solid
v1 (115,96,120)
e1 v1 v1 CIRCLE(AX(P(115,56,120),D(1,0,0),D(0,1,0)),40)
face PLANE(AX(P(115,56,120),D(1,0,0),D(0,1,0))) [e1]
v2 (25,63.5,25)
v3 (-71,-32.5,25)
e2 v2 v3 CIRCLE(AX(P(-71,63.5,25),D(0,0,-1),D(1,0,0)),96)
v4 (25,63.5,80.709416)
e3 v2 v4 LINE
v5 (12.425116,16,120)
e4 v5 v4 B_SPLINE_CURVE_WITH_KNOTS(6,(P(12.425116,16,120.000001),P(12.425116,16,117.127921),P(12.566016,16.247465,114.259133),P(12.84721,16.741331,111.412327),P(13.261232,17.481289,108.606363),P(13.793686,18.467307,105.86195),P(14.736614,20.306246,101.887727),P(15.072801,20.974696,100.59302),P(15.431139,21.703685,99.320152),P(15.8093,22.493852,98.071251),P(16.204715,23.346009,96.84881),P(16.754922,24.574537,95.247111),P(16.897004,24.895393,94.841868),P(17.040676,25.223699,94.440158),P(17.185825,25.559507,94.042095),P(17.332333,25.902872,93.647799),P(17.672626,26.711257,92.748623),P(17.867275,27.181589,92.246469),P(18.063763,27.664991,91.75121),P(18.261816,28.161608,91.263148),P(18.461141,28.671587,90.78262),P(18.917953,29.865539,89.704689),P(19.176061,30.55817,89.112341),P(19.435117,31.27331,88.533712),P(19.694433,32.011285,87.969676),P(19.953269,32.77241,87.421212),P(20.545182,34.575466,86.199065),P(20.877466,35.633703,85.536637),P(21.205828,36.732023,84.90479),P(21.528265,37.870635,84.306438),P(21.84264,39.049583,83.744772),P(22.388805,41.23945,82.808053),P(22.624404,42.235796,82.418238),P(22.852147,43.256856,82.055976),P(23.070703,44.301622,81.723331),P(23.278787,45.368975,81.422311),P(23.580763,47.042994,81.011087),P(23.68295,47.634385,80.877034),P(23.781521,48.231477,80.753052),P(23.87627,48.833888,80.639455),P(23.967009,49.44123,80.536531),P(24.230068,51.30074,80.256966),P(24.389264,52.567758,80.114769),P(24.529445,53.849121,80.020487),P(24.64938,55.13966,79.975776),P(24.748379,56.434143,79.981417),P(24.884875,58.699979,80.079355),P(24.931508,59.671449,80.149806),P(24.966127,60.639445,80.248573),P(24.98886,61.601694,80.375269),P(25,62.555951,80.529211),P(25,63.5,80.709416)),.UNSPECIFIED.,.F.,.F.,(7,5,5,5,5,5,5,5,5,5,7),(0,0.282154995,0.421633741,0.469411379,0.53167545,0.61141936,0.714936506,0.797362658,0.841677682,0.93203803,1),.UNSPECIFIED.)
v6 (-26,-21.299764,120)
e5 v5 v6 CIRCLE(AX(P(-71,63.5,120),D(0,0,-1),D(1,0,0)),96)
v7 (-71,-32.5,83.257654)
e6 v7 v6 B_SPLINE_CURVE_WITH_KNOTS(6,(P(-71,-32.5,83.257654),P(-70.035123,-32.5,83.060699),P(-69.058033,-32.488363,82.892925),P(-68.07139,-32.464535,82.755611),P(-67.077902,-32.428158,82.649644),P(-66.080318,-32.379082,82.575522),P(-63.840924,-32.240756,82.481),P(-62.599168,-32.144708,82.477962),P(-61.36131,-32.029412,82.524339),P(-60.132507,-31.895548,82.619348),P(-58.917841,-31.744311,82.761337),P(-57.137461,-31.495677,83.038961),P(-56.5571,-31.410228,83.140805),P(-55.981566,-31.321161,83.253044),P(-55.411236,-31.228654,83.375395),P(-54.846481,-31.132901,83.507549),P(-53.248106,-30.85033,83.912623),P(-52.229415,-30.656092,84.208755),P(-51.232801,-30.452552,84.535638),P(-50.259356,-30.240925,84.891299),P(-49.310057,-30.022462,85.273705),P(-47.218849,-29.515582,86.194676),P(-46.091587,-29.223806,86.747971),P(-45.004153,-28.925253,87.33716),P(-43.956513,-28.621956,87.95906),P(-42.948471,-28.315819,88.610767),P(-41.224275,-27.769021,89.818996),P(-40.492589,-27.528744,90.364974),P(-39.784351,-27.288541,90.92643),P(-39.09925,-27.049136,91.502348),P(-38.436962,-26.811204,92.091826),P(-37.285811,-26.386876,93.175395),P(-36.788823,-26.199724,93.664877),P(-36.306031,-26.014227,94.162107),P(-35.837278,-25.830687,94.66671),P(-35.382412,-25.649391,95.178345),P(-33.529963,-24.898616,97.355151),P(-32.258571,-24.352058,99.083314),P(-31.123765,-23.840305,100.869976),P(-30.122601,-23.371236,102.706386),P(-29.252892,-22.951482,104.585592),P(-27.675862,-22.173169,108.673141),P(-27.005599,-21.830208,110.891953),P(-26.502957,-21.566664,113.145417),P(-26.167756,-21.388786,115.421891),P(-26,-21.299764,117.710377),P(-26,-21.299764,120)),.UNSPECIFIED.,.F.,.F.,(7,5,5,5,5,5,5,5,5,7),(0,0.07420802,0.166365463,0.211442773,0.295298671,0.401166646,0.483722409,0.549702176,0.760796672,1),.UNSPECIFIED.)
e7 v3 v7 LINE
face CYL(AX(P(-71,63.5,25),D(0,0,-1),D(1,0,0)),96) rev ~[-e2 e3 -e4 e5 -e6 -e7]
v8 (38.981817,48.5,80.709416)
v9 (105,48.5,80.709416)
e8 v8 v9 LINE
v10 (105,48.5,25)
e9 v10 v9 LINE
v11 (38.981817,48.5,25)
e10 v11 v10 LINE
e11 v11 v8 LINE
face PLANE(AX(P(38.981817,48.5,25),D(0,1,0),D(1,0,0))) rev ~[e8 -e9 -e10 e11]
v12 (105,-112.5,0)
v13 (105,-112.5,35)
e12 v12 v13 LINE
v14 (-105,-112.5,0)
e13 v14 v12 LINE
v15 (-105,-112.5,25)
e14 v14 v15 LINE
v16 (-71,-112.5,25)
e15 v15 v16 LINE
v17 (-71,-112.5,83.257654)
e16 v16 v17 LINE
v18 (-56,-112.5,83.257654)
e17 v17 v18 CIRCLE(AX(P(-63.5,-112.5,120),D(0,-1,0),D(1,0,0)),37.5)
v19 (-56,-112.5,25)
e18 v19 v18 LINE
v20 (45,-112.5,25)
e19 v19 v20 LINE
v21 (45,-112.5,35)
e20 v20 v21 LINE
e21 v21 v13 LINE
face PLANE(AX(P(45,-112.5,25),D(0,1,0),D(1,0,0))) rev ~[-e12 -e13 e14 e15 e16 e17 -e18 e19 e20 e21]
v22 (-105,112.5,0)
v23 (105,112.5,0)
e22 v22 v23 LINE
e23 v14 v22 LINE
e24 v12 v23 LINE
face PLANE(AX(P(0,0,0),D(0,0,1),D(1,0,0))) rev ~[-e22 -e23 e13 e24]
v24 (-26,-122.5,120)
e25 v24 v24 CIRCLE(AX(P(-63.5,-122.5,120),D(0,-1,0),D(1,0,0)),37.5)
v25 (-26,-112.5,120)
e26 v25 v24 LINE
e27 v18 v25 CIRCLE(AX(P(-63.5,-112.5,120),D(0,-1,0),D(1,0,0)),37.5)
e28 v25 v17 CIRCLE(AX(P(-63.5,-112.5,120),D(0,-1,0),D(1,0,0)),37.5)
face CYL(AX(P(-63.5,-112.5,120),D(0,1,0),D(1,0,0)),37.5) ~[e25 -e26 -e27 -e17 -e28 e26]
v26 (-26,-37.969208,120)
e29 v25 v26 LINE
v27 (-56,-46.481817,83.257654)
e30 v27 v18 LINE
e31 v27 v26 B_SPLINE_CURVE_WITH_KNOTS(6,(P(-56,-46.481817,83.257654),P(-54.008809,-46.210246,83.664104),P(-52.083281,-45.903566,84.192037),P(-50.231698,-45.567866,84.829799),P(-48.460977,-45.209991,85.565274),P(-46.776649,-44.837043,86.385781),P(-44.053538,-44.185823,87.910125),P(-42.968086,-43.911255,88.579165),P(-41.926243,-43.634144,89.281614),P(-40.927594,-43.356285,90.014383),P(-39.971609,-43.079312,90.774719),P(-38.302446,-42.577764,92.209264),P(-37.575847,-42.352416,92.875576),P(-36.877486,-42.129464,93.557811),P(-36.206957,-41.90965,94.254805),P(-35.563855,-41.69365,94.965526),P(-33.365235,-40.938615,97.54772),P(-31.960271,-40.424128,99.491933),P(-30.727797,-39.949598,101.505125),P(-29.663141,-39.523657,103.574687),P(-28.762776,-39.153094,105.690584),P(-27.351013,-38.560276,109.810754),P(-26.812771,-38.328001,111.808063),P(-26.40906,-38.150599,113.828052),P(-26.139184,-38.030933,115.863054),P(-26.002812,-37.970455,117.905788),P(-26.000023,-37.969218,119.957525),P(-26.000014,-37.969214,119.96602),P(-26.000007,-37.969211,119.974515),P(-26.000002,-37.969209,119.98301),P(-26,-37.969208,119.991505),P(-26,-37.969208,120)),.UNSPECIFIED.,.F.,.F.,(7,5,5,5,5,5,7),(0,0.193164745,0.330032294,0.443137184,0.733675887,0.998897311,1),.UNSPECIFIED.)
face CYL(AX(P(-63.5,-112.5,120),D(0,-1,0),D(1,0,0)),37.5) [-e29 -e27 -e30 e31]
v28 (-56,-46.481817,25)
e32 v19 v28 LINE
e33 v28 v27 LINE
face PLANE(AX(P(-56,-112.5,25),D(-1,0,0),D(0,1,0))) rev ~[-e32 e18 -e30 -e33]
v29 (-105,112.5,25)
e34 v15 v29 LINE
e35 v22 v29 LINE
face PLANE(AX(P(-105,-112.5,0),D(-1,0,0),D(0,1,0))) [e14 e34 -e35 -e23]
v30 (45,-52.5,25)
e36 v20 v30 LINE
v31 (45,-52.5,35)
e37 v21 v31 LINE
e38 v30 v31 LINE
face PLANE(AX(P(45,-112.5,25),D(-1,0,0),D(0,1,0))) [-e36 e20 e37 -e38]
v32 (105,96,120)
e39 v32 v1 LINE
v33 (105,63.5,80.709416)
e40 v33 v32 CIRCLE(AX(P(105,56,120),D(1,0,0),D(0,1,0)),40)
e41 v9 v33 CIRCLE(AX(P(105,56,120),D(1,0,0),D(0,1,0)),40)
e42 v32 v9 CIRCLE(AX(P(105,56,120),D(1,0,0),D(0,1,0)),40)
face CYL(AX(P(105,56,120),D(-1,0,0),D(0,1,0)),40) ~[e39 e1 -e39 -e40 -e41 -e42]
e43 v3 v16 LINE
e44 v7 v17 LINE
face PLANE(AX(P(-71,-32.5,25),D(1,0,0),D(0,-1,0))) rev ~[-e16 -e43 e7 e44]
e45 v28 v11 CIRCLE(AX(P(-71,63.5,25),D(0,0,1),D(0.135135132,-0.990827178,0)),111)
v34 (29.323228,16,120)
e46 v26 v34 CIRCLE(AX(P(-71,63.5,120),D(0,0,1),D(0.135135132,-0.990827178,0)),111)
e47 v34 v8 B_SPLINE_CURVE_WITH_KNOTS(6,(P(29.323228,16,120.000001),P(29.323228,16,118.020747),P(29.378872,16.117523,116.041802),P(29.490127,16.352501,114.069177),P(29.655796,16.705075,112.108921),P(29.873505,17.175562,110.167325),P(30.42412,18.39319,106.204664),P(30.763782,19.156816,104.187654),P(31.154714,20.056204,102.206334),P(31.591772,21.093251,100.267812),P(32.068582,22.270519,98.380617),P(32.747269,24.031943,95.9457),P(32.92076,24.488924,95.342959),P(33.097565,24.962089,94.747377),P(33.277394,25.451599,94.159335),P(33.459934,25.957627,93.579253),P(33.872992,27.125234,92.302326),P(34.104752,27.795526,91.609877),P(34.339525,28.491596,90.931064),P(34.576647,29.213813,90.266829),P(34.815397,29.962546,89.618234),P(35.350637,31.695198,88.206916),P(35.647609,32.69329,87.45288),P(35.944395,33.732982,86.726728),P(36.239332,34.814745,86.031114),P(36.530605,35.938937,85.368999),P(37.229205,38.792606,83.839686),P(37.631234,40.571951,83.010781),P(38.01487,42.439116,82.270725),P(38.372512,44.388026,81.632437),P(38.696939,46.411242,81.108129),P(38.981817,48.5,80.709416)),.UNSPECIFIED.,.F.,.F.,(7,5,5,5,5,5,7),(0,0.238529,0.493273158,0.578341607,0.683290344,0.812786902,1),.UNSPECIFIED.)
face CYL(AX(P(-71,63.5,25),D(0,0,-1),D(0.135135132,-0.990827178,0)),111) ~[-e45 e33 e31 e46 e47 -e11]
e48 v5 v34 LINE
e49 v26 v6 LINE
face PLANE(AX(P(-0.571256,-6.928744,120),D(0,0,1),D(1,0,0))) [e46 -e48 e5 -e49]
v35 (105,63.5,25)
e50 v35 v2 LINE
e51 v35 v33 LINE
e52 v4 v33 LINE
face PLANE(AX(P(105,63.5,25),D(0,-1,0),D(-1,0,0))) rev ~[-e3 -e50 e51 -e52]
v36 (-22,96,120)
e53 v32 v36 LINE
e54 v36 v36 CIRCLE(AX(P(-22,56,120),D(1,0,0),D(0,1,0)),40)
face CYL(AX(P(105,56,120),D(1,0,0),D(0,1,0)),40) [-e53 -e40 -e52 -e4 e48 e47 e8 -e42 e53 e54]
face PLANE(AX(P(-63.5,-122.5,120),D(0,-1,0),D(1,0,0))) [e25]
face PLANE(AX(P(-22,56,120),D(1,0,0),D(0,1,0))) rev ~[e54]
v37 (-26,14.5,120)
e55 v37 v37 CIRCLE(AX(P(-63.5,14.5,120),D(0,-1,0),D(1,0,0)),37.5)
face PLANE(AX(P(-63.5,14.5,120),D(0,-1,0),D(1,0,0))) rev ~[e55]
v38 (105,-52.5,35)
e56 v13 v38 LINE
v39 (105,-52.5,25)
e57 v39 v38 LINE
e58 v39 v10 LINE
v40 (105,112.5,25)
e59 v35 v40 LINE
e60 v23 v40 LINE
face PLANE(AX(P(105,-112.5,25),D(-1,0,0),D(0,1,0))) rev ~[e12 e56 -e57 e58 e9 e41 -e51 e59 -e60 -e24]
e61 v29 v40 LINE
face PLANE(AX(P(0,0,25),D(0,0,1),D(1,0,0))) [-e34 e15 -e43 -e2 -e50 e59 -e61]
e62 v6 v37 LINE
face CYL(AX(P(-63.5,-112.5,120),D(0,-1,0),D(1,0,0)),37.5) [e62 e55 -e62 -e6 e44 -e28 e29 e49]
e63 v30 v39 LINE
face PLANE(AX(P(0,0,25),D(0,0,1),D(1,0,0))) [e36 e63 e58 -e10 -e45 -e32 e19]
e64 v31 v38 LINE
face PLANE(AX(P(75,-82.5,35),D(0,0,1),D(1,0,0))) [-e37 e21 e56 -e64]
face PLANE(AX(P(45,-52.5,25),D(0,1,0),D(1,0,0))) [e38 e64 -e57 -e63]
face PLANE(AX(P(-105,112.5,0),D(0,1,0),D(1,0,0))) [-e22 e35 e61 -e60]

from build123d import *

# Parameters (mm, degrees)
F0_W          = 210
F0_H          = 225
F1_DEPTH      = 25
F3_DEPTH      = 95
F4_R          = 37.5
F5_DEPTH      = 10
F5_DEPTH_BACK = 127
F6_R          = 40
F7_DEPTH      = 10
F7_DEPTH_BACK = 127
F8_W          = 60
F8_H          = 60
F9_DEPTH      = 10


with BuildPart() as f1:
    # F0 (on Top) → F1 (new body)
    with BuildSketch(Plane.XY):
        Rectangle(F0_W, F0_H)
    extrude(amount=F1_DEPTH)

    # F2 (on face) → F3 (join)
    with BuildSketch(Plane.XY.offset(25)):
        with BuildLine():
            Line((-71, -32.5), (-71, -112.5))
            Line((-71, -112.5), (-56, -112.5))
            Line((-56, -112.5), (-56, -46.481817))
            ThreePointArc((-56, -46.481817), (7.488853, -14.988853), (38.981817, 48.5))
            Line((38.981817, 48.5), (105, 48.5))
            Line((105, 48.5), (105, 63.5))
            Line((105, 63.5), (25, 63.5))
            ThreePointArc((25, 63.5), (-3.117749, -4.382251), (-71, -32.5))
        make_face()
    extrude(amount=F3_DEPTH)

    # F4 (on face) → F5 (join, two sides)
    with BuildSketch(Plane.XZ.offset(112.5)) as f5_sk:
        with Locations((-63.5, 120)):
            Circle(F4_R)
    extrude(amount=F5_DEPTH)
    extrude(f5_sk.sketch, amount=-F5_DEPTH_BACK)

    # F6 (on face) → F7 (join, two sides)
    with BuildSketch(Plane.YZ.offset(105)) as f7_sk:
        with Locations((56, 120)):
            Circle(F6_R)
    extrude(amount=F7_DEPTH)
    extrude(f7_sk.sketch, amount=-F7_DEPTH_BACK)

    # F8 (on face) → F9 (join)
    with BuildSketch(Plane.XY.offset(25)):
        with Locations((75, -82.5)):
            Rectangle(F8_W, F8_H)
    extrude(amount=F9_DEPTH)


solid = f1.part
